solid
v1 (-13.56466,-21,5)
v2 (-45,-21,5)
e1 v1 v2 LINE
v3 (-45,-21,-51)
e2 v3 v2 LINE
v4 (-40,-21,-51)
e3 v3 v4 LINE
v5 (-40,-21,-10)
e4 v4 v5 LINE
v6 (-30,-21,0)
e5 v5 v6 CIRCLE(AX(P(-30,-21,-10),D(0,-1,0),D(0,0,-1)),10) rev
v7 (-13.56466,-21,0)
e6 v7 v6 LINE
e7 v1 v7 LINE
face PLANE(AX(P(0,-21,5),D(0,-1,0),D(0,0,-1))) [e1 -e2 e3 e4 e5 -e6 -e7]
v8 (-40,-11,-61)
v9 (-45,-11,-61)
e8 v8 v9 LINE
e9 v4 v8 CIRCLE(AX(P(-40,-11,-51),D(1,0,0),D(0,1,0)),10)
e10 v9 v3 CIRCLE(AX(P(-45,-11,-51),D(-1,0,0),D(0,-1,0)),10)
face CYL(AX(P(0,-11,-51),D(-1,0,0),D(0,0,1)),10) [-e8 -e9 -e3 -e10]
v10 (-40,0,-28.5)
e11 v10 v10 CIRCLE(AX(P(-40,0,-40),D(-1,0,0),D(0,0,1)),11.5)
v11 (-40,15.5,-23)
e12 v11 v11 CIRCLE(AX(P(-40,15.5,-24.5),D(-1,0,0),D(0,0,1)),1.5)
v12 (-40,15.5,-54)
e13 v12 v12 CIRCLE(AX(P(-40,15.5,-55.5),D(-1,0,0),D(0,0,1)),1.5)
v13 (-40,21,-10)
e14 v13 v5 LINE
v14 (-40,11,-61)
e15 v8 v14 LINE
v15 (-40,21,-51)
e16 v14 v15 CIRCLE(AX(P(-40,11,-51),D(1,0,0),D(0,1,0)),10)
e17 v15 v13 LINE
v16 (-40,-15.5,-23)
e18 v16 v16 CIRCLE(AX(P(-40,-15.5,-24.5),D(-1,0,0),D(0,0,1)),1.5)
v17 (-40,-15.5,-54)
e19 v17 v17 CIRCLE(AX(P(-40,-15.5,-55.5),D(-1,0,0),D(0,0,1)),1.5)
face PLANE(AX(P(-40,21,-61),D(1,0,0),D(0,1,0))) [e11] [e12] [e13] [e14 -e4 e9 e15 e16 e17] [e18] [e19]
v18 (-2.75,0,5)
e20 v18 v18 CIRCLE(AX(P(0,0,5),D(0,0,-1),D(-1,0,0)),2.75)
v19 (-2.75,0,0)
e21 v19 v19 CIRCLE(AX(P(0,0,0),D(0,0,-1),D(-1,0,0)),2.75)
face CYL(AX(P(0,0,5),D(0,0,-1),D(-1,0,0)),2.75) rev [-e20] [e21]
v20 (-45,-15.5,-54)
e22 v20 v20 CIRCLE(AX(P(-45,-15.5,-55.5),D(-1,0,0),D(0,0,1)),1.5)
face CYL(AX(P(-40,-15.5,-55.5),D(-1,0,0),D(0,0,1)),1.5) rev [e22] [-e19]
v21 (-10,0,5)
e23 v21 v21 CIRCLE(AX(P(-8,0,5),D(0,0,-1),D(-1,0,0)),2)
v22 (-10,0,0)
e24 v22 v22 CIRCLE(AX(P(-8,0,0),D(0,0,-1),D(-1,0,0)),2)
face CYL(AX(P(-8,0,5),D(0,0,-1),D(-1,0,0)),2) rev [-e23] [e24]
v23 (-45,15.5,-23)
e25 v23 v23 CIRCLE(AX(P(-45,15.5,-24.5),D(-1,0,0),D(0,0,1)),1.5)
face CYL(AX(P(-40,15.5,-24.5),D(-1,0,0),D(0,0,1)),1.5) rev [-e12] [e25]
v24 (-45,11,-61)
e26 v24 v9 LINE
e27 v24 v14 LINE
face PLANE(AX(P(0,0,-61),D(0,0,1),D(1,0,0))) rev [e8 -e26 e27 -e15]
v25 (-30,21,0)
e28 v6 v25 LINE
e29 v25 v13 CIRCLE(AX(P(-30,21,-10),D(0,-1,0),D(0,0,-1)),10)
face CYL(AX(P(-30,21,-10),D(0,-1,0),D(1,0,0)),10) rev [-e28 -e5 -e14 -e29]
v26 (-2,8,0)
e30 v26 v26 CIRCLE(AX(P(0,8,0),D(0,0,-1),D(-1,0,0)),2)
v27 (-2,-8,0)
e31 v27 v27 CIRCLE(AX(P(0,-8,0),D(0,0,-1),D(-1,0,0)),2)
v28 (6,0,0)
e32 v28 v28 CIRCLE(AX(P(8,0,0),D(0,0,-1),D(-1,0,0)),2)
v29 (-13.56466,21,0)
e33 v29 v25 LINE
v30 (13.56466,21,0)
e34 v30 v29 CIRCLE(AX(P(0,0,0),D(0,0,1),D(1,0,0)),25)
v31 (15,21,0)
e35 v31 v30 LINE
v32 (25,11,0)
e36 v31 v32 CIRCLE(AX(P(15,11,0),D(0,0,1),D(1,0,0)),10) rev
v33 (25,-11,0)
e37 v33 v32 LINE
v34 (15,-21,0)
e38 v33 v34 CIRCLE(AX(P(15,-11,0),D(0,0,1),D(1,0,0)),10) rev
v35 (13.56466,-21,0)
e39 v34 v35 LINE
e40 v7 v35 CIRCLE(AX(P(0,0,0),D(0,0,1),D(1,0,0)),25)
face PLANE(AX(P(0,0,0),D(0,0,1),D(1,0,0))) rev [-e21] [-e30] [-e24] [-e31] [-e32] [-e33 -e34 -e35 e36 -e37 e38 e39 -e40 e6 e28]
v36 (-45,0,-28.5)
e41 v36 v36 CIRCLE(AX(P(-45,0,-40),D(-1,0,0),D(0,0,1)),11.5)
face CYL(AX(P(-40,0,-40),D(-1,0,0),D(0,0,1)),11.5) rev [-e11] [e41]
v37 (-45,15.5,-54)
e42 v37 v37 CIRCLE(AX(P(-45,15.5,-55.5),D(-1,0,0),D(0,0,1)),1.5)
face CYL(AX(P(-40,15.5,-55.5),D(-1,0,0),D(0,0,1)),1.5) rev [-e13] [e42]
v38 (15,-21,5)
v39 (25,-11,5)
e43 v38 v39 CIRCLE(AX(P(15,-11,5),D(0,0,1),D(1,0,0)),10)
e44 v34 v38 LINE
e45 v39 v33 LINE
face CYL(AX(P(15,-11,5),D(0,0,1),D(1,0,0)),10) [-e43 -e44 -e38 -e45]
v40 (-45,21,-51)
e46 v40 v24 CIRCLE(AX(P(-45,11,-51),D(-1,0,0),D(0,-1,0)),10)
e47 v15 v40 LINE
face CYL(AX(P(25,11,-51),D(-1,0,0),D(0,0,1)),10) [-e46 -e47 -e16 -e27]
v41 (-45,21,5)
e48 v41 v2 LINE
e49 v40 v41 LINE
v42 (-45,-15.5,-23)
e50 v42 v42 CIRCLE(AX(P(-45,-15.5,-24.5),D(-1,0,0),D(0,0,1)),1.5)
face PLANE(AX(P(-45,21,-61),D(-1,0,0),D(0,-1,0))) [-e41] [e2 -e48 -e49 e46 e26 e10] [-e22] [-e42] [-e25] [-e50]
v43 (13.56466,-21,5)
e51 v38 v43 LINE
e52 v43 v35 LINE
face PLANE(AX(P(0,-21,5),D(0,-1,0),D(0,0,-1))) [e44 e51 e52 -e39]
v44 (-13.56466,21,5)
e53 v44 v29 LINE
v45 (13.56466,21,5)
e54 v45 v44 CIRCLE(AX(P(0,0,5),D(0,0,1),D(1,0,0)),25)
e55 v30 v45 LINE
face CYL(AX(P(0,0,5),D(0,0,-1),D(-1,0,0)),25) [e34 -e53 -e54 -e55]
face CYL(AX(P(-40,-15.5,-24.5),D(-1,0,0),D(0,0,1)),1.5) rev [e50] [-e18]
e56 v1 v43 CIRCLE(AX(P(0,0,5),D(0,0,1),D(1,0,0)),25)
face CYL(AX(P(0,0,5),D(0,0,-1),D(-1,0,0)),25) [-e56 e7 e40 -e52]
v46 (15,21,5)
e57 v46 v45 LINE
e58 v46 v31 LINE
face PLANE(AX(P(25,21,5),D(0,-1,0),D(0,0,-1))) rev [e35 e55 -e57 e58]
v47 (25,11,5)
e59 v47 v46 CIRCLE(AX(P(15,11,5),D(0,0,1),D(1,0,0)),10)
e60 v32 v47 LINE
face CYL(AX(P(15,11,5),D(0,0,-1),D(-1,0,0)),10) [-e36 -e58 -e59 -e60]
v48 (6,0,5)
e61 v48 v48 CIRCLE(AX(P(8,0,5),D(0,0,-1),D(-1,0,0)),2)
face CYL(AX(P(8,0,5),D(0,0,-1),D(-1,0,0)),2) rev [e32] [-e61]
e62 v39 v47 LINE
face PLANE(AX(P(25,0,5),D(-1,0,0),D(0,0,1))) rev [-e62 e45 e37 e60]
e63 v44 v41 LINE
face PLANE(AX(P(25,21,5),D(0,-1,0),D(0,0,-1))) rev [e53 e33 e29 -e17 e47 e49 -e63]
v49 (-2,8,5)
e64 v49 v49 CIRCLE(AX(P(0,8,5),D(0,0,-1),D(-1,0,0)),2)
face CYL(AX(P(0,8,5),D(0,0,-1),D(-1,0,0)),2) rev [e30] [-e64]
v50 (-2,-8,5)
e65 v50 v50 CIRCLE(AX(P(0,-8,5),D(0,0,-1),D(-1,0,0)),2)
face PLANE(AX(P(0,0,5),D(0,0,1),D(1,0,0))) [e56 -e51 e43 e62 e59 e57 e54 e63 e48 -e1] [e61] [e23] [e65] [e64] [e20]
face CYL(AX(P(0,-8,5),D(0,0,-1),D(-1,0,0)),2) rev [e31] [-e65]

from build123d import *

# Parameters (mm, degrees)
EXTRUDE_1_DEPTH     = 5
SKETCH_2_W          = 5
SKETCH_2_H          = 42
EXTRUDE_2_DEPTH     = 66
SKETCH_3_R          = 11.5
SKETCH_3_R_2        = 1.5
CUT_EXTRUDE_1_DEPTH = 5
SKETCH_5_R          = 2
SKETCH_5_R_2        = 2.75
CUT_EXTRUDE_2_DEPTH = 80.818544211
FILLET_1_R          = 10
FILLET_2_R          = 10


with BuildPart() as part:
    # 草图1 → 凸台-拉伸1 (new body)
    with BuildSketch(Plane.XY):
        with BuildLine():
            Line((13.564659966, -21), (25, -21))
            Line((25, -21), (25, 21))
            Line((25, 21), (13.564659966, 21))
            ThreePointArc((13.564659966, 21), (0, 25), (-13.564659966, 21))
            Line((-13.564659966, 21), (-40, 21))
            Line((-40, 21), (-40, -21))
            Line((-40, -21), (-13.564659966, -21))
            ThreePointArc((-13.564659966, -21), (0, -25), (13.564659966, -21))
        make_face()
    extrude(amount=EXTRUDE_1_DEPTH)

    # 草图2 → 凸台-拉伸2 (add)
    with BuildSketch(Plane.XY.offset(5)):
        with Locations((-42.5, 0)):
            Rectangle(SKETCH_2_W, SKETCH_2_H)
    extrude(amount=-EXTRUDE_2_DEPTH)

    # 草图3 → 切除-拉伸1 (cut)
    with BuildSketch(Plane.ZY.offset(45)):
        with Locations((-40, 0)):
            Circle(SKETCH_3_R)
        with Locations((-55.5, 15.5)):
            Circle(SKETCH_3_R_2)
        with Locations((-55.5, -15.5)):
            Circle(SKETCH_3_R_2)
        with Locations((-24.5, 15.5)):
            Circle(SKETCH_3_R_2)
        with Locations((-24.5, -15.5)):
            Circle(SKETCH_3_R_2)
        with Locations((34.5, 74.5)):
            Circle(SKETCH_3_R_2)
    extrude(amount=-CUT_EXTRUDE_1_DEPTH, mode=Mode.SUBTRACT)

    # 草图5 → 切除-拉伸2 (cut, through all)
    with BuildSketch(Plane(origin=(0, 0, 0), x_dir=(-1, 0, 0), z_dir=(0, 0, -1))):
        with Locations((0, 8)):
            Circle(SKETCH_5_R)
        with Locations((8, 0)):
            Circle(SKETCH_5_R)
        with Locations((0, -8)):
            Circle(SKETCH_5_R)
        with Locations((-8, 0)):
            Circle(SKETCH_5_R)
        Circle(SKETCH_5_R_2)
    extrude(amount=-CUT_EXTRUDE_2_DEPTH, mode=Mode.SUBTRACT)

    # 圆角1
    fillet_1_edges = [part.edges().sort_by_distance(p)[0] for p in [
        (-40, 0, 0),
    ]]
    fillet(fillet_1_edges, radius=FILLET_1_R)

    # 圆角2
    fillet_2_edges = [part.edges().sort_by_distance(p)[0] for p in [
        (25, -21, 2.5),
        (25, 21, 2.5),
        (-42.5, 21, -61),
        (-42.5, -21, -61),
    ]]
    fillet(fillet_2_edges, radius=FILLET_2_R)


solid = part.part
